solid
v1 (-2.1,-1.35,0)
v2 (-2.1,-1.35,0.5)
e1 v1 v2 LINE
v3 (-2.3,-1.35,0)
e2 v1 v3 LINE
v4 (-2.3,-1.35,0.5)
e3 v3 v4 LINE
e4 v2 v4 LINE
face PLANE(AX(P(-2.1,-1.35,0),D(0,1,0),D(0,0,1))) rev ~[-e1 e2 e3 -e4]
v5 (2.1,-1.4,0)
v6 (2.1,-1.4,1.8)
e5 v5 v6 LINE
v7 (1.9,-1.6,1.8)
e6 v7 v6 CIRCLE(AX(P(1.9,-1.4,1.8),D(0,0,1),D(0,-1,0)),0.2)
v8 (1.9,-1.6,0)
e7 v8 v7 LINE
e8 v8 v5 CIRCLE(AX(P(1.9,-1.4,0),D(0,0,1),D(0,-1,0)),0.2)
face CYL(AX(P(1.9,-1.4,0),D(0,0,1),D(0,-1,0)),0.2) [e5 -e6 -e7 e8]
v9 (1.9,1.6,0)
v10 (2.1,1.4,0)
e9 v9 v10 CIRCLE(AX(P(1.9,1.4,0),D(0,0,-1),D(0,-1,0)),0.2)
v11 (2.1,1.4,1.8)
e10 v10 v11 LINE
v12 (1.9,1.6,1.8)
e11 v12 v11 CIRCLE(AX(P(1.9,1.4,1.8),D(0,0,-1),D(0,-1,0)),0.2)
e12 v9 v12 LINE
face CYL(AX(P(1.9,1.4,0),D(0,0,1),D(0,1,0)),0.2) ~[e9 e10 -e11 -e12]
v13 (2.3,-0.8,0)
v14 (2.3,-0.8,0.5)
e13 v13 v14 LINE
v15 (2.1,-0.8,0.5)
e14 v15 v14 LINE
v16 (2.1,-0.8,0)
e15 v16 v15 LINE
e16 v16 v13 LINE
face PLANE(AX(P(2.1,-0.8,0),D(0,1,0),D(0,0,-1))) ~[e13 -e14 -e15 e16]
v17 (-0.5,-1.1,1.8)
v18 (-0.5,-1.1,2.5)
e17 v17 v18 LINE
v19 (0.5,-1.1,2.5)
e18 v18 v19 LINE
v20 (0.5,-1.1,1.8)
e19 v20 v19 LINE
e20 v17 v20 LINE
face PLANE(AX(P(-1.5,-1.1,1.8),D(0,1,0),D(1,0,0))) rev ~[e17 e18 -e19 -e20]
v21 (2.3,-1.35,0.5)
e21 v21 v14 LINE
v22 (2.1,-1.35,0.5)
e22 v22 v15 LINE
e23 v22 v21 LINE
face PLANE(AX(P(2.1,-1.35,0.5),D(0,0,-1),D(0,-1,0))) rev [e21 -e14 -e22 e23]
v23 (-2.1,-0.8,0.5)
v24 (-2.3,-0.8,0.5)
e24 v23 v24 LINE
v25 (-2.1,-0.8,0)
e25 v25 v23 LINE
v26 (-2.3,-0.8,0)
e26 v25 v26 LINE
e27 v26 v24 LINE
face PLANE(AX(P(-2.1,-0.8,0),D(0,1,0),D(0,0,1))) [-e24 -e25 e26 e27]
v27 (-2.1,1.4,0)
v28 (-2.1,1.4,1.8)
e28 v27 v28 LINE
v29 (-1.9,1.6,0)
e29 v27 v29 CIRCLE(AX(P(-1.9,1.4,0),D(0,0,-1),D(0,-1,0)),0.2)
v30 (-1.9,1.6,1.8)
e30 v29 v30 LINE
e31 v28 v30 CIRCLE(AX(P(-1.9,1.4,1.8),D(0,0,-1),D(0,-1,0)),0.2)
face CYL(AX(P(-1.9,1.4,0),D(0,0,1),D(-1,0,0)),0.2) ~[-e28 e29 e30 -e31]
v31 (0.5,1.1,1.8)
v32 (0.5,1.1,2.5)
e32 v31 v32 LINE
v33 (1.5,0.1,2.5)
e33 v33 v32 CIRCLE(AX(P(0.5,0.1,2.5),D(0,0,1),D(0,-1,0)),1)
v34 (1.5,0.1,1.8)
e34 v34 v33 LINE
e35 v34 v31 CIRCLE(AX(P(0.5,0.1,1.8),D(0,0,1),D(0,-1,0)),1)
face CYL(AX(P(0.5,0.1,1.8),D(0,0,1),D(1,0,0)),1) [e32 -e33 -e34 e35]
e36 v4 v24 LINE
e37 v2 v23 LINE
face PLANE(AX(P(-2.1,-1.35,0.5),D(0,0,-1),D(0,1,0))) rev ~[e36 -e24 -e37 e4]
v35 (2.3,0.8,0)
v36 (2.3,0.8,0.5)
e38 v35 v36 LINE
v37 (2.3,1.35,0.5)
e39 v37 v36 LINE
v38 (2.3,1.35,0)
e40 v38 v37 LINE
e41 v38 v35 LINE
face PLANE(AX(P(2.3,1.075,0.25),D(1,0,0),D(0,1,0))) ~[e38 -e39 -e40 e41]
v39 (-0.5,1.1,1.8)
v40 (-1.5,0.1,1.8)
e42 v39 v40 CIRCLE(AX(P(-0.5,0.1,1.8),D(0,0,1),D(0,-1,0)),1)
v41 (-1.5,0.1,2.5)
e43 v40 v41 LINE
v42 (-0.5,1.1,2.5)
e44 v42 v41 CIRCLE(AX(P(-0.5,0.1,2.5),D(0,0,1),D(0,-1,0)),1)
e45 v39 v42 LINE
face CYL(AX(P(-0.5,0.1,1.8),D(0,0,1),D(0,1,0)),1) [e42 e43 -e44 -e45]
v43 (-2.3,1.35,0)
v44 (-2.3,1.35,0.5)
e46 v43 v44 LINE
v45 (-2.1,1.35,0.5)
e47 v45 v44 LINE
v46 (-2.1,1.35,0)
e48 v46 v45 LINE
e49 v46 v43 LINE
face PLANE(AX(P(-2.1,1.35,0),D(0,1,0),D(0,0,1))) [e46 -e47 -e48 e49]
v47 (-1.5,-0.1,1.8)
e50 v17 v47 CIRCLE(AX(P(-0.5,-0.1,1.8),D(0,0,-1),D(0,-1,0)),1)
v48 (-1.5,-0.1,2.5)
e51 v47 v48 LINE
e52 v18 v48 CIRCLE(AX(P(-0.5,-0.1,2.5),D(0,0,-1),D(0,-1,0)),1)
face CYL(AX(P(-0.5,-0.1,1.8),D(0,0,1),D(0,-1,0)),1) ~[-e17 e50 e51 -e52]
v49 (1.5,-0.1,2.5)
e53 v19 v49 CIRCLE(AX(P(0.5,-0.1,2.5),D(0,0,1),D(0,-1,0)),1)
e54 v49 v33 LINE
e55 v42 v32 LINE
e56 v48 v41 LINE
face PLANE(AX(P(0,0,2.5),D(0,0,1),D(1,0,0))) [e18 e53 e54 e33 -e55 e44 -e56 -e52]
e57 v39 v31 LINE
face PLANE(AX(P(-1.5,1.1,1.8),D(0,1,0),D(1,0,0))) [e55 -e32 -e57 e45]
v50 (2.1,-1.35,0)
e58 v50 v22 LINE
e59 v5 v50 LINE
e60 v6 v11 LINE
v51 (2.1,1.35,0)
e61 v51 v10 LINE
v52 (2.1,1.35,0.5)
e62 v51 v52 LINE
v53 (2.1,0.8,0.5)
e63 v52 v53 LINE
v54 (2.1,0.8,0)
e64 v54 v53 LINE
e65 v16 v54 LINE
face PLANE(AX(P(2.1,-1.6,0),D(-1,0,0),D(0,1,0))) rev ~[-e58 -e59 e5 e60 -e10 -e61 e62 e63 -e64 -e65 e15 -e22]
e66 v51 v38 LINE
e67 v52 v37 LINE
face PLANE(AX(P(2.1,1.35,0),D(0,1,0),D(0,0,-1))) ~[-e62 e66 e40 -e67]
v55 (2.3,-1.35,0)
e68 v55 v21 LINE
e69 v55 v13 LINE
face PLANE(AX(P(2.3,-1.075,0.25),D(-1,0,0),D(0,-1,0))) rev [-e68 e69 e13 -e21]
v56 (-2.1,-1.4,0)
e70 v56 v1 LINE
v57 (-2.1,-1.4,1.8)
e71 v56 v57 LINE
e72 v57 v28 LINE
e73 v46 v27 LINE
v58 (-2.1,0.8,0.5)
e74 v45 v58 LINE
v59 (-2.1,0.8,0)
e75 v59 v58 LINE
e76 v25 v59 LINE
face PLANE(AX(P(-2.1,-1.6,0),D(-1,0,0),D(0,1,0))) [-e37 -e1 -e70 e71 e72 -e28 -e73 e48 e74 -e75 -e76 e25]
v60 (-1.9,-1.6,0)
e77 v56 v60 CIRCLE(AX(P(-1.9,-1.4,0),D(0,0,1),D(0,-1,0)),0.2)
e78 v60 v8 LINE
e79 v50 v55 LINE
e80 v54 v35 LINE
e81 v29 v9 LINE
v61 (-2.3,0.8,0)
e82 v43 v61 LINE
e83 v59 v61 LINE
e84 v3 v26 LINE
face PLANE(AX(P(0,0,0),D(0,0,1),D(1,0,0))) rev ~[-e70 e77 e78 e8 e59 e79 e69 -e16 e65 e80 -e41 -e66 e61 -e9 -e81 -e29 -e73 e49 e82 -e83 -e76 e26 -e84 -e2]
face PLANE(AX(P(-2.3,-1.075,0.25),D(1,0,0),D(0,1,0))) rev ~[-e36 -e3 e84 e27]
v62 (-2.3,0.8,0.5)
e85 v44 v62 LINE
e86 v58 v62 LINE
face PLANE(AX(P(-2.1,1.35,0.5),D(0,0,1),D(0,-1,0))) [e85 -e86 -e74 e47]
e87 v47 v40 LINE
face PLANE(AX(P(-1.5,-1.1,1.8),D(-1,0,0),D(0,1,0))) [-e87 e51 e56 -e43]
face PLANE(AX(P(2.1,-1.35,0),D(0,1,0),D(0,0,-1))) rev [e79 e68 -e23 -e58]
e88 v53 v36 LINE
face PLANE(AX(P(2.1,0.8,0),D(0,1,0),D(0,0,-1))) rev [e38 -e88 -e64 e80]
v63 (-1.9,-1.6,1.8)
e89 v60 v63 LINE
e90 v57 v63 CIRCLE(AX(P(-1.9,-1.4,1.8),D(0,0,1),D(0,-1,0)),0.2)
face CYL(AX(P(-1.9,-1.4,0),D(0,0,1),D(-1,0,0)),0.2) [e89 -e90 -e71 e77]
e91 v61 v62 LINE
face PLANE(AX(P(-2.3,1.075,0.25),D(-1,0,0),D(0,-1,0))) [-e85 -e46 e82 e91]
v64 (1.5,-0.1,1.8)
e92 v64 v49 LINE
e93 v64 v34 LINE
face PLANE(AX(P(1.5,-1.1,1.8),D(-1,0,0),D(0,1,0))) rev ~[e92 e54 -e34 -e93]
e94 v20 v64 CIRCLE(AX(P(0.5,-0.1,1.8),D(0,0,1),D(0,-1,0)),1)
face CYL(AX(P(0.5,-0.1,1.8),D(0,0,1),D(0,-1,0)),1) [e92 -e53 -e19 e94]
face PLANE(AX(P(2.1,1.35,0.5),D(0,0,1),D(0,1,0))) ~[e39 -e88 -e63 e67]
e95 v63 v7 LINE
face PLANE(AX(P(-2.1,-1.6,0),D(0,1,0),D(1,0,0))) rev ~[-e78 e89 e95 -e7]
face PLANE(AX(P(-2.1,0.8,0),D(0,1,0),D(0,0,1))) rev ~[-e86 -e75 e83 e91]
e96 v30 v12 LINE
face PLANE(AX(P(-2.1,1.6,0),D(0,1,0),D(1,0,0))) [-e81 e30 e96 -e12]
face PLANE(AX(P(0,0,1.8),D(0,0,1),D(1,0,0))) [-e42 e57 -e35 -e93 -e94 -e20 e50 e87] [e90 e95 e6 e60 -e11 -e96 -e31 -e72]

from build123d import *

# Parameters (mm, degrees)
SKETCH_W                = 4.2
SKETCH_H                = 3.2
PAD_DEPTH               = 1.8
FILLET_R                = 0.2
FILLET001_R             = 0.2
FILLET002_R             = 0.2
FILLET003_R             = 0.2
SKETCH001_W             = 3
SKETCH001_H             = 2.2
PAD001_DEPTH            = 0.7
FILLET004_R             = 1
SKETCH002_W             = 0.55
SKETCH002_H             = 0.5
PAD002_DEPTH            = 0.2
SKETCH002_MIRRORED_2_W  = 0.55
SKETCH002_MIRRORED_2_H  = 0.5
PAD002_MIRRORED_2_DEPTH = 0.2


with BuildPart() as part:
    # Sketch → Pad (new body)
    with BuildSketch(Plane.XY):
        Rectangle(SKETCH_W, SKETCH_H)
    extrude(amount=PAD_DEPTH)

    # Fillet
    fillet_edges = [part.edges().sort_by_distance(p)[0] for p in [
        (-2.1, -1.6, 0.9),
    ]]
    fillet(fillet_edges, radius=FILLET_R)

    # Fillet001
    fillet001_edges = [part.edges().sort_by_distance(p)[0] for p in [
        (2.1, -1.6, 0.9),
    ]]
    fillet(fillet001_edges, radius=FILLET001_R)

    # Fillet002
    fillet002_edges = [part.edges().sort_by_distance(p)[0] for p in [
        (-2.1, 1.6, 0.9),
    ]]
    fillet(fillet002_edges, radius=FILLET002_R)

    # Fillet003
    fillet003_edges = [part.edges().sort_by_distance(p)[0] for p in [
        (2.1, 1.6, 0.9),
    ]]
    fillet(fillet003_edges, radius=FILLET003_R)

    # Sketch001 (on Face6 of Pad) → Pad001 (join)
    with BuildSketch(Plane.XY.offset(1.8)):
        Rectangle(SKETCH001_W, SKETCH001_H)
    extrude(amount=PAD001_DEPTH)

    # Fillet004
    fillet004_edges = [part.edges().sort_by_distance(p)[0] for p in [
        (1.5, -1.1, 2.15),
        (-1.5, -1.1, 2.15),
        (-1.5, 1.1, 2.15),
        (1.5, 1.1, 2.15),
    ]]
    fillet(fillet004_edges, radius=FILLET004_R)

    # Sketch002 (on Face14 of Fillet004) → Pad002 (join)
    with BuildSketch(Plane(origin=(-2.1, 0, 0), x_dir=(0, -1, 0), z_dir=(-1, 0, 0))):
        with Locations((-1.075, 0.25)):
            Rectangle(SKETCH002_W, SKETCH002_H)
    pad002 = extrude(amount=PAD002_DEPTH)

    # Sketch002 Mirrored 2 → Pad002 Mirrored 2 (add)
    with BuildSketch(Plane.YZ.offset(-2.1)):
        with Locations((-1.075, 0.25)):
            Rectangle(SKETCH002_MIRRORED_2_W, SKETCH002_MIRRORED_2_H)
    pad002_mirrored_2 = extrude(amount=-PAD002_MIRRORED_2_DEPTH)

    # Mirrored001: Pad002, Pad002 Mirrored 2 across YZ
    add(pad002.mirror(Plane.YZ))
    add(pad002_mirrored_2.mirror(Plane.YZ))


solid = part.part
